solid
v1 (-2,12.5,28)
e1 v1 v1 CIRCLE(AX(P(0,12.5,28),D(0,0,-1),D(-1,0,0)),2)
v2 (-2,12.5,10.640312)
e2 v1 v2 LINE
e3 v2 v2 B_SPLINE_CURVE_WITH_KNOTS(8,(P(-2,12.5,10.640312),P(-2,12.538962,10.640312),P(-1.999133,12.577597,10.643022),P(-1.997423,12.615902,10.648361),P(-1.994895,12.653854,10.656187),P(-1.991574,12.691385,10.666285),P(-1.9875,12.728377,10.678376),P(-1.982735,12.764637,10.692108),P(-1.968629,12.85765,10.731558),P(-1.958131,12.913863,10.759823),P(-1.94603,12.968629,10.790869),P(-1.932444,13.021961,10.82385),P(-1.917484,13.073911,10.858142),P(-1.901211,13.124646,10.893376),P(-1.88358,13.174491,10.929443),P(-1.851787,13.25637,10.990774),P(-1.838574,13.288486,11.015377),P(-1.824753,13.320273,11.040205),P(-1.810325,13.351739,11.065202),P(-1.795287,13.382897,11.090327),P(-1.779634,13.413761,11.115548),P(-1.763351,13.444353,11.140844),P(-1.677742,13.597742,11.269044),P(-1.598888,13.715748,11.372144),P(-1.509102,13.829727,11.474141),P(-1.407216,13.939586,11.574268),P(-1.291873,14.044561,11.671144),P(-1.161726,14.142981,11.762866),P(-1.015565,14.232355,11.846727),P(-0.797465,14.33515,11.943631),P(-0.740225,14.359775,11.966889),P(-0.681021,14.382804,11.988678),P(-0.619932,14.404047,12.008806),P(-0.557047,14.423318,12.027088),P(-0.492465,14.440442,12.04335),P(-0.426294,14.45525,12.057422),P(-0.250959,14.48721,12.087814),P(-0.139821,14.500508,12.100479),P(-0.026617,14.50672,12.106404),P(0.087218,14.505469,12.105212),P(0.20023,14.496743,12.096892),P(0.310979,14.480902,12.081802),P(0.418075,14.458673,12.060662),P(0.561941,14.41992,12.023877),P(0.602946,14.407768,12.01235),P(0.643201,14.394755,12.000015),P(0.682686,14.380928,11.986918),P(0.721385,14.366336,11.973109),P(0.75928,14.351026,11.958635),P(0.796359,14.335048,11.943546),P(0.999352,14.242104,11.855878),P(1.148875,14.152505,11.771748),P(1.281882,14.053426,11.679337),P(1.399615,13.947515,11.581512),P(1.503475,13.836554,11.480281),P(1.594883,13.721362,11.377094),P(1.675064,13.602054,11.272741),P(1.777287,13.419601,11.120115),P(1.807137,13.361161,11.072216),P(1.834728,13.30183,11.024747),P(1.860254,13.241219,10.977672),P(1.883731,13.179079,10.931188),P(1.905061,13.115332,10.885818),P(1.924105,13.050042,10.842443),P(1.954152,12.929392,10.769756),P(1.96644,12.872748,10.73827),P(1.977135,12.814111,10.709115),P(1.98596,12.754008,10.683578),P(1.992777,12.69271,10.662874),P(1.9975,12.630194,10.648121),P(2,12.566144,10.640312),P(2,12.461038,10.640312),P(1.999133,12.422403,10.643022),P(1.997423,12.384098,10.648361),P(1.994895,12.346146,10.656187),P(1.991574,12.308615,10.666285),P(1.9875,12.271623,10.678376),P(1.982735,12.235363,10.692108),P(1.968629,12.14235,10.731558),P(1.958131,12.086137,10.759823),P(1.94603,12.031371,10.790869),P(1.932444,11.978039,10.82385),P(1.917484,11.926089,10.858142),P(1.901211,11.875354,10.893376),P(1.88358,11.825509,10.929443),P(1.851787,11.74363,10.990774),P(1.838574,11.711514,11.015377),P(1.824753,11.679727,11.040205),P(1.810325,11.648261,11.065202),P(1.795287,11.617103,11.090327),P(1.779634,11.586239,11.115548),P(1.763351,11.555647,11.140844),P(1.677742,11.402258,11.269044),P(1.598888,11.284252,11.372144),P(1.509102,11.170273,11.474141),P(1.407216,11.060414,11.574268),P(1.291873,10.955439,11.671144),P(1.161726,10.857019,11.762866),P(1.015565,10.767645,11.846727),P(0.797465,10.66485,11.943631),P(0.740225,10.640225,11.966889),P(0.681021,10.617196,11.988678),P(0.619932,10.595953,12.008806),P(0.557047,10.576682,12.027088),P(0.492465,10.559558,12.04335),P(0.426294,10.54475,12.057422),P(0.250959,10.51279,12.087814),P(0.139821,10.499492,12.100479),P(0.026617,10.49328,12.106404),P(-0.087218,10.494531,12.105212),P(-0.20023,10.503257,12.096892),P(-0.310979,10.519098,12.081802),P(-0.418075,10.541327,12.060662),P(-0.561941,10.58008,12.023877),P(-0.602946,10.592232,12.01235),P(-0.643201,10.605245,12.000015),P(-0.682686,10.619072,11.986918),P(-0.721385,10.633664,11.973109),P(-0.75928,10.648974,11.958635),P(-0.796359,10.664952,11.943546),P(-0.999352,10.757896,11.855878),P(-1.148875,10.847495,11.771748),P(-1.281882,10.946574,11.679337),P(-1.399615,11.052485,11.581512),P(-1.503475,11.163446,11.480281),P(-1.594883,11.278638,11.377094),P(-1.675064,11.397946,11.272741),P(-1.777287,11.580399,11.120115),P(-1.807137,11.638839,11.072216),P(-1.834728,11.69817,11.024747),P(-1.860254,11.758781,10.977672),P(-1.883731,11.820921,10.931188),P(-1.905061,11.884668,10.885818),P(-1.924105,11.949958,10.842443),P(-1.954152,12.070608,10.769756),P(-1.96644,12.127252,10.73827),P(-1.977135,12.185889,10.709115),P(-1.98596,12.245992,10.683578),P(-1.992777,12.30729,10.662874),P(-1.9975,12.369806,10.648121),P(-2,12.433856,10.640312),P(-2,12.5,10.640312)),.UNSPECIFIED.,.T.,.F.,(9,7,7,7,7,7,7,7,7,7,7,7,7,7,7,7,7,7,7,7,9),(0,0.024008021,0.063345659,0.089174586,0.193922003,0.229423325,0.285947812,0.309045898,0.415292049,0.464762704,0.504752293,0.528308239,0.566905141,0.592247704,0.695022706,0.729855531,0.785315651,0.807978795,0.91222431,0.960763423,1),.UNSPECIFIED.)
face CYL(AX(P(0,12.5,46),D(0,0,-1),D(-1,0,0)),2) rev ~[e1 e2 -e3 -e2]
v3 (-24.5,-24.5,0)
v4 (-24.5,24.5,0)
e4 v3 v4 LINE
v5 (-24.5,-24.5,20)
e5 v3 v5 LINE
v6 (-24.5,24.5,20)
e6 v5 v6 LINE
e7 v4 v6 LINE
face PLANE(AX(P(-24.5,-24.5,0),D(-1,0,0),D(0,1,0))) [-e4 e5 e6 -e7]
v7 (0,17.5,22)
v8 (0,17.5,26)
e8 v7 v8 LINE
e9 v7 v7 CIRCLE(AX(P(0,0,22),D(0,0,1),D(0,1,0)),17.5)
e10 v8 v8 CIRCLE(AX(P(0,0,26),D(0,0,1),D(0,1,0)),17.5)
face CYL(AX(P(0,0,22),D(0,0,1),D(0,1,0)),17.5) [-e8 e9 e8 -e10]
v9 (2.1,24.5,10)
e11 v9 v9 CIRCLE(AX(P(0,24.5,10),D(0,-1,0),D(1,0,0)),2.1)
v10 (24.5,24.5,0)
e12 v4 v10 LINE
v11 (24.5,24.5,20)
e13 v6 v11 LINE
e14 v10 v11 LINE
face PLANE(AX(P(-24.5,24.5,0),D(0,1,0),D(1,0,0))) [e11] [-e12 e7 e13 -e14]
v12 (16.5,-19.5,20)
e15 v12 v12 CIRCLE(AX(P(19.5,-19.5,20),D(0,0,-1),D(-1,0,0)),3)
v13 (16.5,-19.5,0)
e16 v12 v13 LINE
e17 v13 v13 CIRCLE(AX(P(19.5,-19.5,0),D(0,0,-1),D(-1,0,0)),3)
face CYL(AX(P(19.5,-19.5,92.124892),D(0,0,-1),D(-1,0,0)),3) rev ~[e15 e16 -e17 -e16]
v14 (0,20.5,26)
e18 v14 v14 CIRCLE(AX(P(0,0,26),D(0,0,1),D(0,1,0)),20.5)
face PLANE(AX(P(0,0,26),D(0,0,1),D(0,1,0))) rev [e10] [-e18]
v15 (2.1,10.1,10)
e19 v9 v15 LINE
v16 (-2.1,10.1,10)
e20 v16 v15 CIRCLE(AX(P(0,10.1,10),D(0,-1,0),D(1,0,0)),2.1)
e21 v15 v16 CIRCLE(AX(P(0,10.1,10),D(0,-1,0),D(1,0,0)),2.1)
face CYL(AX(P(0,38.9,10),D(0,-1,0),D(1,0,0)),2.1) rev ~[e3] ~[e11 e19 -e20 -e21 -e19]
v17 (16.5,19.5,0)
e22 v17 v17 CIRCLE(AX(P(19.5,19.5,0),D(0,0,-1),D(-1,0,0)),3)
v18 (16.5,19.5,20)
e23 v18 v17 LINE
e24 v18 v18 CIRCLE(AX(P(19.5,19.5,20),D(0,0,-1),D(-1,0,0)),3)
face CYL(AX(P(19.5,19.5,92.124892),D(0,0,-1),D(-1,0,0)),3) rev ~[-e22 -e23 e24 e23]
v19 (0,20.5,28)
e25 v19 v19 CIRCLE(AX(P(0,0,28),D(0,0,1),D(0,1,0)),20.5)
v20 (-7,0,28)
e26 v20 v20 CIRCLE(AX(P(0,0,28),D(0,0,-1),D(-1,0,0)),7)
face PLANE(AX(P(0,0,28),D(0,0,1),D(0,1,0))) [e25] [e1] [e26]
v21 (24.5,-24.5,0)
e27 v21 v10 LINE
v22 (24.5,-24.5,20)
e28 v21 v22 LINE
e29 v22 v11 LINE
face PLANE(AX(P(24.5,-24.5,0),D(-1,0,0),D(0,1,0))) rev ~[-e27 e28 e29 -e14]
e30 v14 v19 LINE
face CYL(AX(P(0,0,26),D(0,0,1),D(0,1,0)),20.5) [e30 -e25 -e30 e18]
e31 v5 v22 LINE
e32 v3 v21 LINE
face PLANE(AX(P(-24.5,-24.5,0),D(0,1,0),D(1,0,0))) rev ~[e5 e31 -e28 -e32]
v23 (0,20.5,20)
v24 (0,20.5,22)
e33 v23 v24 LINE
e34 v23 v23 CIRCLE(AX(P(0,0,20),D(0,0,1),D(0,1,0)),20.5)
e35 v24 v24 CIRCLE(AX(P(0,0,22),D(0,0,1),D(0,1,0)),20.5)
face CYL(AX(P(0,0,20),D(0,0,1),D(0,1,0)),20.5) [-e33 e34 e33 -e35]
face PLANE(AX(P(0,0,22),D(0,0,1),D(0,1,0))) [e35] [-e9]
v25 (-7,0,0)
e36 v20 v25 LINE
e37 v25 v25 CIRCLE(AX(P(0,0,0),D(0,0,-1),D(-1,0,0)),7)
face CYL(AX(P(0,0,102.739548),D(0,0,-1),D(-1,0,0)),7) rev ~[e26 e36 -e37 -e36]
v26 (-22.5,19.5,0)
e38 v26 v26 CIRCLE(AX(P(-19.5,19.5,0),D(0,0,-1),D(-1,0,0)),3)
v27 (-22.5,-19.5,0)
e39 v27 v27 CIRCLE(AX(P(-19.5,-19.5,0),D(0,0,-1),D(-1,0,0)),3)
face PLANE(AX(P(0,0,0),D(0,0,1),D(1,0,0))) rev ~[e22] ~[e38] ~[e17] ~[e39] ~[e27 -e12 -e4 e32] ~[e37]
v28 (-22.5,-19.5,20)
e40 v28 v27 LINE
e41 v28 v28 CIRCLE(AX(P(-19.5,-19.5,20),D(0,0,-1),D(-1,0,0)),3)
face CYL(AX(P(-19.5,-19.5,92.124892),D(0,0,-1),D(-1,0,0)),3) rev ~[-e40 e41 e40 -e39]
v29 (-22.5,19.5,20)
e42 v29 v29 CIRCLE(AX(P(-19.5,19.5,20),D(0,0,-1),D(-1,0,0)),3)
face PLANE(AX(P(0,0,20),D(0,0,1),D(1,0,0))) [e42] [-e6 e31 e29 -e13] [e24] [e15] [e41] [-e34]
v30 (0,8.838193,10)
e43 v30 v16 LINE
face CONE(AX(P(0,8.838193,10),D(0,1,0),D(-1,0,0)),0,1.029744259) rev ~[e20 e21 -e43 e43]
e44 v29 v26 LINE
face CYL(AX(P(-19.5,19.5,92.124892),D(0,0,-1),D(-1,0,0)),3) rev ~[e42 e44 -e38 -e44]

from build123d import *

# Parameters (mm, degrees)
F0_W     = 49
F0_H     = 49
F1_DEPTH = 20
F3_D     = 6
F7_D     = 4.2
F7_DEPTH = 14.4
F7_TIP   = 1.2618073
F9_D     = 4
F9_DEPTH = 18
F9_TIP   = 1.2017212381
F11_D    = 14


with BuildPart() as f1:
    # F0 (on Top) → F1 (new body)
    with BuildSketch(Plane.XY):
        Rectangle(F0_W, F0_H)
    extrude(amount=F1_DEPTH)

    # F3 (through all)
    with Locations(Plane.XY.offset(20)):
        with Locations((-19.5, -19.5), (-19.5, 19.5), (19.5, 19.5), (19.5, -19.5)):
            Hole(F3_D / 2)

    # F4 (on Right) → F5 (revolve)
    with BuildSketch(Plane.YZ):
        Polygon((0, 28), (0, 20), (20.5, 20), (20.5, 22), (17.5, 22), (17.5, 26), (20.5, 26), (20.5, 28), align=None)
    revolve(axis=Axis((0, 0, 24), (0, 0, 1)))

    # F7
    with Locations(Plane(origin=(0, 24.5, 0), x_dir=(-1, 0, 0), z_dir=(0, 1, 0))):
        with Locations((0, 10)):
            Hole(F7_D / 2, depth=F7_DEPTH)
            with Locations((0, 0, -(F7_DEPTH + F7_TIP / 2))):  # 118° drill point
                Cone(0, F7_D / 2, F7_TIP, mode=Mode.SUBTRACT)

    # F9
    with Locations(Plane.XY.offset(28)):
        with Locations((0, 12.5)):
            Hole(F9_D / 2, depth=F9_DEPTH)
            with Locations((0, 0, -(F9_DEPTH + F9_TIP / 2))):  # 118° drill point
                Cone(0, F9_D / 2, F9_TIP, mode=Mode.SUBTRACT)

    # F11 (through all)
    with Locations(Plane.XY.offset(28)):
        with Locations((0, 0)):
            Hole(F11_D / 2)


solid = f1.part
